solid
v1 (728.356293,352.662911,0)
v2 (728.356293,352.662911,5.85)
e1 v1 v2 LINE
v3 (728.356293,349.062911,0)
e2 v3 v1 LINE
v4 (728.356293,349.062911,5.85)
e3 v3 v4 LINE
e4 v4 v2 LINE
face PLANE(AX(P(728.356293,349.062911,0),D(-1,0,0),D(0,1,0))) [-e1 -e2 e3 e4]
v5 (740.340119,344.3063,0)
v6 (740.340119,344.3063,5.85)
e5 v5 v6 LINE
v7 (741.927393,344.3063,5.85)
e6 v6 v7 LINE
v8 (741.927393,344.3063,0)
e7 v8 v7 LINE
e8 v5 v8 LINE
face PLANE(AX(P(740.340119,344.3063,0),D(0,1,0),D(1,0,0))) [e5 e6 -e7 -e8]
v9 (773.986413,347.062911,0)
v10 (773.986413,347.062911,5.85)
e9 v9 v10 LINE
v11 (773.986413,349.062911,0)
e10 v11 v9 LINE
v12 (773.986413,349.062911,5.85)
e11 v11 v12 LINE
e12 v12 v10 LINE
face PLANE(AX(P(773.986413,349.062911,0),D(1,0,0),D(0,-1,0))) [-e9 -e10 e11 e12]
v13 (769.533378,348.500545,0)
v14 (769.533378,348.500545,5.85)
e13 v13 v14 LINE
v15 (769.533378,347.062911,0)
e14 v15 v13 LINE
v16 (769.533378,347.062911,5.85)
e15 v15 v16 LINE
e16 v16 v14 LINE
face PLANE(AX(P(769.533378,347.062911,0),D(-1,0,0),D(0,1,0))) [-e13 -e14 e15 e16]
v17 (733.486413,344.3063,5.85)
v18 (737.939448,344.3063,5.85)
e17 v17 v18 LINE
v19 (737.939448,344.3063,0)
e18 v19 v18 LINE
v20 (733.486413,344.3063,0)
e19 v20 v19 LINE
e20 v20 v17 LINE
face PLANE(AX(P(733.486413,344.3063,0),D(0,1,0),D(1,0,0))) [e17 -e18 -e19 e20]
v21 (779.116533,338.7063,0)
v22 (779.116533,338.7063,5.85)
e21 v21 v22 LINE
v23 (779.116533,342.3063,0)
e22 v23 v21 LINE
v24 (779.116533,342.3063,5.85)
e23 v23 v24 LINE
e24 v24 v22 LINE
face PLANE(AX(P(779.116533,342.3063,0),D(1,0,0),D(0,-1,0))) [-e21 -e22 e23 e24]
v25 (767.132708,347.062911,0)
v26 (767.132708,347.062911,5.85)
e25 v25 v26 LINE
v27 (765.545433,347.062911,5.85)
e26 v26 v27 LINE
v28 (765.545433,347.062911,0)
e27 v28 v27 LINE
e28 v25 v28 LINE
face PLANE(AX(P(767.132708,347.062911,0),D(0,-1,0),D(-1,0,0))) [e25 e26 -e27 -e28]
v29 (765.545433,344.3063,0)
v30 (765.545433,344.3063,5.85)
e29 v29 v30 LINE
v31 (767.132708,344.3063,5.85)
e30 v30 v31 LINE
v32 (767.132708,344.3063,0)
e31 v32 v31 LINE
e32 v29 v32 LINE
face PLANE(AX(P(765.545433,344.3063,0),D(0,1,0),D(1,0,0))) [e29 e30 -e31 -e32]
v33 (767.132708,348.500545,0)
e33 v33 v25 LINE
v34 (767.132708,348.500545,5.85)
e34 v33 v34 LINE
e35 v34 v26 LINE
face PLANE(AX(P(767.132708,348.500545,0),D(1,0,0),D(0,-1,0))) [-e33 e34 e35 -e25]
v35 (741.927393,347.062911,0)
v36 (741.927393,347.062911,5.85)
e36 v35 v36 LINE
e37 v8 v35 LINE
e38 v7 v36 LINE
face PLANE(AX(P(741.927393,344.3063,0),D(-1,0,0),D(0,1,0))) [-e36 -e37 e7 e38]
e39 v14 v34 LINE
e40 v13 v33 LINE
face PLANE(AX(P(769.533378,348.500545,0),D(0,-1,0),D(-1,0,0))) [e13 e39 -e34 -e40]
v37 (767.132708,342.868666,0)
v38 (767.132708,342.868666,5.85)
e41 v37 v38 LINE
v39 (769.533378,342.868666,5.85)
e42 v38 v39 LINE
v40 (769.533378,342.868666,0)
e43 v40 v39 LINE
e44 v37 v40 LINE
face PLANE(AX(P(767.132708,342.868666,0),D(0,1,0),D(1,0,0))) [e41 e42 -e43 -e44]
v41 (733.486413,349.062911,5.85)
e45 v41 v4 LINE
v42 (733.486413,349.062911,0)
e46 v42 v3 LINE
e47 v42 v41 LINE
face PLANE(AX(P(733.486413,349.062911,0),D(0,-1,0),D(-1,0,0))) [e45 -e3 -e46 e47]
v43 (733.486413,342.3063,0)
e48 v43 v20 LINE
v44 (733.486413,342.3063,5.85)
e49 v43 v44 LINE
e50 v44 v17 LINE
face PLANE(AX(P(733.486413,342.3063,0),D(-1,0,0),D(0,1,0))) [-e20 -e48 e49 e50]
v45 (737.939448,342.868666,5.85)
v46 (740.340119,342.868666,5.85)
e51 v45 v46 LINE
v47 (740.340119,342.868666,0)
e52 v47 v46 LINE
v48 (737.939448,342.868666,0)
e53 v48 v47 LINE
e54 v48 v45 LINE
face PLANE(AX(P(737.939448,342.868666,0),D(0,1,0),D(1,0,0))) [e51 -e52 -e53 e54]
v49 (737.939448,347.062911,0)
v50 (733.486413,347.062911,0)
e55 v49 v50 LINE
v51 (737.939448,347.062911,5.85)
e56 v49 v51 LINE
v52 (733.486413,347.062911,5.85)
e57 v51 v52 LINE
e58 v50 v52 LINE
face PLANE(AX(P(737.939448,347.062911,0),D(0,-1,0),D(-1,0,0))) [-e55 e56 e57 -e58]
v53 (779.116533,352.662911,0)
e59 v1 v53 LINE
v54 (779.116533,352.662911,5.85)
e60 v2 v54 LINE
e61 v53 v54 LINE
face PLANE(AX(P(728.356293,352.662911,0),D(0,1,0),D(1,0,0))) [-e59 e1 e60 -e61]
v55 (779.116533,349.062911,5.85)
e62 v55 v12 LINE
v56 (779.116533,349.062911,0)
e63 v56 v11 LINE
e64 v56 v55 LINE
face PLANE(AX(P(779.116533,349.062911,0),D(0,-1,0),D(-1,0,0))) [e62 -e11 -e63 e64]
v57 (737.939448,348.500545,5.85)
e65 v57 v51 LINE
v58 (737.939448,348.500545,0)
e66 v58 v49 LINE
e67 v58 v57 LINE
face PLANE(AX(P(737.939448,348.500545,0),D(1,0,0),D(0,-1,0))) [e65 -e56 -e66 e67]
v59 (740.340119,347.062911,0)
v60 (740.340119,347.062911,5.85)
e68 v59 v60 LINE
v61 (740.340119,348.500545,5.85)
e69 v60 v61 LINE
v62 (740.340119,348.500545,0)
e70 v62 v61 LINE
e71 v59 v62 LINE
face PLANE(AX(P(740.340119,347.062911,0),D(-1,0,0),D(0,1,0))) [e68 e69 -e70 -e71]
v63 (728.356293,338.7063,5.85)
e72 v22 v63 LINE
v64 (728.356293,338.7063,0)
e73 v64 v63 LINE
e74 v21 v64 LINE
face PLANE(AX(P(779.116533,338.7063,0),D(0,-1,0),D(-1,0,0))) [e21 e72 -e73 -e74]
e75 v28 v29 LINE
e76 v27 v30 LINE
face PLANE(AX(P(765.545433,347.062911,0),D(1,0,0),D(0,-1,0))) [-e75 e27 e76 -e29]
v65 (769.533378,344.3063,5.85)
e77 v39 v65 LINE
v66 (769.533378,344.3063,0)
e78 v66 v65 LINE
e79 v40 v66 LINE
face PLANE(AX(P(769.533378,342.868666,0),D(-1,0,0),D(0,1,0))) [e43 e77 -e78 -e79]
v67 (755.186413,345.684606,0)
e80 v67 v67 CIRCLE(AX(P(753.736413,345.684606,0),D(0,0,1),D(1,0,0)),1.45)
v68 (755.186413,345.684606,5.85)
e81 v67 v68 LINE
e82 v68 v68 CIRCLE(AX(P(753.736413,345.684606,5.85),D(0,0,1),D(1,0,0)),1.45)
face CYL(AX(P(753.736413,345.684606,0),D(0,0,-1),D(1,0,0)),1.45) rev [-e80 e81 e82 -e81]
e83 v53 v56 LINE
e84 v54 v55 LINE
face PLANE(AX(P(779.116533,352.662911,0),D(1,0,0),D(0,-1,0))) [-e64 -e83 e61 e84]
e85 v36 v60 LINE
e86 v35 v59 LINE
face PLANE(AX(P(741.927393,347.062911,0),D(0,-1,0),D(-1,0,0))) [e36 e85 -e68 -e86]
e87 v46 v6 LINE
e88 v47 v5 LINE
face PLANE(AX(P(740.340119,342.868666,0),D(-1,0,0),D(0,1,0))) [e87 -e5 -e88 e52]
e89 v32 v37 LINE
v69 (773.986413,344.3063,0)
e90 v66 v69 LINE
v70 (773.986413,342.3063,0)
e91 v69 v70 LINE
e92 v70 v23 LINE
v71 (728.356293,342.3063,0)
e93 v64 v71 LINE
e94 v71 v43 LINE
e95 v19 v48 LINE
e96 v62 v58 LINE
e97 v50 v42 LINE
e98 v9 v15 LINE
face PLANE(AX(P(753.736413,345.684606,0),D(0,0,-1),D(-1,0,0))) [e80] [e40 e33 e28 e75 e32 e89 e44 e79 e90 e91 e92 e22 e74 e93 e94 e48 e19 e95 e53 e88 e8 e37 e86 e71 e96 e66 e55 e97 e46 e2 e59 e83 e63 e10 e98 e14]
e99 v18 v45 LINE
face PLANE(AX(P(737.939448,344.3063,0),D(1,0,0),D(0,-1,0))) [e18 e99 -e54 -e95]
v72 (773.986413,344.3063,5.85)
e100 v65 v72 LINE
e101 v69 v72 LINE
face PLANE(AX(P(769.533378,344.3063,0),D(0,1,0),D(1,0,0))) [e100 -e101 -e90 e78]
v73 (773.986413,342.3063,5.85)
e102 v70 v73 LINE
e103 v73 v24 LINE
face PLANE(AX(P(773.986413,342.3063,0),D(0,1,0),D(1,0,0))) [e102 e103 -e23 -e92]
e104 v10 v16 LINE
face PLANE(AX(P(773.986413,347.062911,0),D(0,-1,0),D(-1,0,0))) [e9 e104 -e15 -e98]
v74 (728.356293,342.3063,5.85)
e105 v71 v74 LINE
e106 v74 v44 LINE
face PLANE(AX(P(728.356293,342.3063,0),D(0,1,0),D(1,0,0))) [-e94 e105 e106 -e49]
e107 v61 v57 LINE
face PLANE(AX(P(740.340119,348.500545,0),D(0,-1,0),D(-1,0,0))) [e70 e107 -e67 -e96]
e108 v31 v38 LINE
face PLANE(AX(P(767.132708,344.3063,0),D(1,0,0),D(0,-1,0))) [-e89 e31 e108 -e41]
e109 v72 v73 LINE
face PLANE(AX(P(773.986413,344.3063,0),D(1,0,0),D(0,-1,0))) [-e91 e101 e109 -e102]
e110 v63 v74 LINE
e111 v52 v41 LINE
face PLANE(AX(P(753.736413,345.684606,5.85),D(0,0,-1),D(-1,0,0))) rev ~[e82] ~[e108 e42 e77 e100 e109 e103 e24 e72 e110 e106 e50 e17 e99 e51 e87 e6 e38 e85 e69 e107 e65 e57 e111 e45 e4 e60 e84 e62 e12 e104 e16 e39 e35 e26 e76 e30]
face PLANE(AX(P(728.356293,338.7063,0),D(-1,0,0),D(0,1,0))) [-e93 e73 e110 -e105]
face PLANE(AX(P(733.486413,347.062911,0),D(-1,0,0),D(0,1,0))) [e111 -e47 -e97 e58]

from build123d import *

# Parameters (mm, degrees)
SKETCH1_R           = 1.45
BOSS_EXTRUDE2_DEPTH = 5.85


with BuildPart() as part:
    # Sketch1 → Boss-Extrude2 (new body)
    with BuildSketch(Plane.XY):
        Polygon((728.35629315, 352.662910852), (779.11653315, 352.662910852), (779.11653315, 349.062910852), (773.98641315, 349.062910852), (773.98641315, 347.062910852), (769.53337815, 347.062910852), (769.53337815, 348.500545484), (767.132707678, 348.500545484), (767.132707678, 347.062910852), (765.545433323, 347.062910852), (765.545433323, 344.306300382), (767.132707678, 344.306300382), (767.132707678, 342.86866575), (769.53337815, 342.86866575), (769.53337815, 344.306300382), (773.98641315, 344.306300382), (773.98641315, 342.306300382), (779.11653315, 342.306300382), (779.11653315, 338.706300382), (728.35629315, 338.706300382), (728.35629315, 342.306300382), (733.48641315, 342.306300382), (733.48641315, 344.306300382), (737.93944815, 344.306300382), (737.93944815, 342.86866575), (740.340118622, 342.86866575), (740.340118622, 344.306300382), (741.927392977, 344.306300382), (741.927392977, 347.062910852), (740.340118622, 347.062910852), (740.340118622, 348.500545484), (737.93944815, 348.500545484), (737.93944815, 347.062910852), (733.48641315, 347.062910852), (733.48641315, 349.062910852), (728.35629315, 349.062910852), align=None)
        with Locations((753.73641315, 345.684605617)):
            Circle(SKETCH1_R, mode=Mode.SUBTRACT)
    extrude(amount=BOSS_EXTRUDE2_DEPTH)


solid = part.part
